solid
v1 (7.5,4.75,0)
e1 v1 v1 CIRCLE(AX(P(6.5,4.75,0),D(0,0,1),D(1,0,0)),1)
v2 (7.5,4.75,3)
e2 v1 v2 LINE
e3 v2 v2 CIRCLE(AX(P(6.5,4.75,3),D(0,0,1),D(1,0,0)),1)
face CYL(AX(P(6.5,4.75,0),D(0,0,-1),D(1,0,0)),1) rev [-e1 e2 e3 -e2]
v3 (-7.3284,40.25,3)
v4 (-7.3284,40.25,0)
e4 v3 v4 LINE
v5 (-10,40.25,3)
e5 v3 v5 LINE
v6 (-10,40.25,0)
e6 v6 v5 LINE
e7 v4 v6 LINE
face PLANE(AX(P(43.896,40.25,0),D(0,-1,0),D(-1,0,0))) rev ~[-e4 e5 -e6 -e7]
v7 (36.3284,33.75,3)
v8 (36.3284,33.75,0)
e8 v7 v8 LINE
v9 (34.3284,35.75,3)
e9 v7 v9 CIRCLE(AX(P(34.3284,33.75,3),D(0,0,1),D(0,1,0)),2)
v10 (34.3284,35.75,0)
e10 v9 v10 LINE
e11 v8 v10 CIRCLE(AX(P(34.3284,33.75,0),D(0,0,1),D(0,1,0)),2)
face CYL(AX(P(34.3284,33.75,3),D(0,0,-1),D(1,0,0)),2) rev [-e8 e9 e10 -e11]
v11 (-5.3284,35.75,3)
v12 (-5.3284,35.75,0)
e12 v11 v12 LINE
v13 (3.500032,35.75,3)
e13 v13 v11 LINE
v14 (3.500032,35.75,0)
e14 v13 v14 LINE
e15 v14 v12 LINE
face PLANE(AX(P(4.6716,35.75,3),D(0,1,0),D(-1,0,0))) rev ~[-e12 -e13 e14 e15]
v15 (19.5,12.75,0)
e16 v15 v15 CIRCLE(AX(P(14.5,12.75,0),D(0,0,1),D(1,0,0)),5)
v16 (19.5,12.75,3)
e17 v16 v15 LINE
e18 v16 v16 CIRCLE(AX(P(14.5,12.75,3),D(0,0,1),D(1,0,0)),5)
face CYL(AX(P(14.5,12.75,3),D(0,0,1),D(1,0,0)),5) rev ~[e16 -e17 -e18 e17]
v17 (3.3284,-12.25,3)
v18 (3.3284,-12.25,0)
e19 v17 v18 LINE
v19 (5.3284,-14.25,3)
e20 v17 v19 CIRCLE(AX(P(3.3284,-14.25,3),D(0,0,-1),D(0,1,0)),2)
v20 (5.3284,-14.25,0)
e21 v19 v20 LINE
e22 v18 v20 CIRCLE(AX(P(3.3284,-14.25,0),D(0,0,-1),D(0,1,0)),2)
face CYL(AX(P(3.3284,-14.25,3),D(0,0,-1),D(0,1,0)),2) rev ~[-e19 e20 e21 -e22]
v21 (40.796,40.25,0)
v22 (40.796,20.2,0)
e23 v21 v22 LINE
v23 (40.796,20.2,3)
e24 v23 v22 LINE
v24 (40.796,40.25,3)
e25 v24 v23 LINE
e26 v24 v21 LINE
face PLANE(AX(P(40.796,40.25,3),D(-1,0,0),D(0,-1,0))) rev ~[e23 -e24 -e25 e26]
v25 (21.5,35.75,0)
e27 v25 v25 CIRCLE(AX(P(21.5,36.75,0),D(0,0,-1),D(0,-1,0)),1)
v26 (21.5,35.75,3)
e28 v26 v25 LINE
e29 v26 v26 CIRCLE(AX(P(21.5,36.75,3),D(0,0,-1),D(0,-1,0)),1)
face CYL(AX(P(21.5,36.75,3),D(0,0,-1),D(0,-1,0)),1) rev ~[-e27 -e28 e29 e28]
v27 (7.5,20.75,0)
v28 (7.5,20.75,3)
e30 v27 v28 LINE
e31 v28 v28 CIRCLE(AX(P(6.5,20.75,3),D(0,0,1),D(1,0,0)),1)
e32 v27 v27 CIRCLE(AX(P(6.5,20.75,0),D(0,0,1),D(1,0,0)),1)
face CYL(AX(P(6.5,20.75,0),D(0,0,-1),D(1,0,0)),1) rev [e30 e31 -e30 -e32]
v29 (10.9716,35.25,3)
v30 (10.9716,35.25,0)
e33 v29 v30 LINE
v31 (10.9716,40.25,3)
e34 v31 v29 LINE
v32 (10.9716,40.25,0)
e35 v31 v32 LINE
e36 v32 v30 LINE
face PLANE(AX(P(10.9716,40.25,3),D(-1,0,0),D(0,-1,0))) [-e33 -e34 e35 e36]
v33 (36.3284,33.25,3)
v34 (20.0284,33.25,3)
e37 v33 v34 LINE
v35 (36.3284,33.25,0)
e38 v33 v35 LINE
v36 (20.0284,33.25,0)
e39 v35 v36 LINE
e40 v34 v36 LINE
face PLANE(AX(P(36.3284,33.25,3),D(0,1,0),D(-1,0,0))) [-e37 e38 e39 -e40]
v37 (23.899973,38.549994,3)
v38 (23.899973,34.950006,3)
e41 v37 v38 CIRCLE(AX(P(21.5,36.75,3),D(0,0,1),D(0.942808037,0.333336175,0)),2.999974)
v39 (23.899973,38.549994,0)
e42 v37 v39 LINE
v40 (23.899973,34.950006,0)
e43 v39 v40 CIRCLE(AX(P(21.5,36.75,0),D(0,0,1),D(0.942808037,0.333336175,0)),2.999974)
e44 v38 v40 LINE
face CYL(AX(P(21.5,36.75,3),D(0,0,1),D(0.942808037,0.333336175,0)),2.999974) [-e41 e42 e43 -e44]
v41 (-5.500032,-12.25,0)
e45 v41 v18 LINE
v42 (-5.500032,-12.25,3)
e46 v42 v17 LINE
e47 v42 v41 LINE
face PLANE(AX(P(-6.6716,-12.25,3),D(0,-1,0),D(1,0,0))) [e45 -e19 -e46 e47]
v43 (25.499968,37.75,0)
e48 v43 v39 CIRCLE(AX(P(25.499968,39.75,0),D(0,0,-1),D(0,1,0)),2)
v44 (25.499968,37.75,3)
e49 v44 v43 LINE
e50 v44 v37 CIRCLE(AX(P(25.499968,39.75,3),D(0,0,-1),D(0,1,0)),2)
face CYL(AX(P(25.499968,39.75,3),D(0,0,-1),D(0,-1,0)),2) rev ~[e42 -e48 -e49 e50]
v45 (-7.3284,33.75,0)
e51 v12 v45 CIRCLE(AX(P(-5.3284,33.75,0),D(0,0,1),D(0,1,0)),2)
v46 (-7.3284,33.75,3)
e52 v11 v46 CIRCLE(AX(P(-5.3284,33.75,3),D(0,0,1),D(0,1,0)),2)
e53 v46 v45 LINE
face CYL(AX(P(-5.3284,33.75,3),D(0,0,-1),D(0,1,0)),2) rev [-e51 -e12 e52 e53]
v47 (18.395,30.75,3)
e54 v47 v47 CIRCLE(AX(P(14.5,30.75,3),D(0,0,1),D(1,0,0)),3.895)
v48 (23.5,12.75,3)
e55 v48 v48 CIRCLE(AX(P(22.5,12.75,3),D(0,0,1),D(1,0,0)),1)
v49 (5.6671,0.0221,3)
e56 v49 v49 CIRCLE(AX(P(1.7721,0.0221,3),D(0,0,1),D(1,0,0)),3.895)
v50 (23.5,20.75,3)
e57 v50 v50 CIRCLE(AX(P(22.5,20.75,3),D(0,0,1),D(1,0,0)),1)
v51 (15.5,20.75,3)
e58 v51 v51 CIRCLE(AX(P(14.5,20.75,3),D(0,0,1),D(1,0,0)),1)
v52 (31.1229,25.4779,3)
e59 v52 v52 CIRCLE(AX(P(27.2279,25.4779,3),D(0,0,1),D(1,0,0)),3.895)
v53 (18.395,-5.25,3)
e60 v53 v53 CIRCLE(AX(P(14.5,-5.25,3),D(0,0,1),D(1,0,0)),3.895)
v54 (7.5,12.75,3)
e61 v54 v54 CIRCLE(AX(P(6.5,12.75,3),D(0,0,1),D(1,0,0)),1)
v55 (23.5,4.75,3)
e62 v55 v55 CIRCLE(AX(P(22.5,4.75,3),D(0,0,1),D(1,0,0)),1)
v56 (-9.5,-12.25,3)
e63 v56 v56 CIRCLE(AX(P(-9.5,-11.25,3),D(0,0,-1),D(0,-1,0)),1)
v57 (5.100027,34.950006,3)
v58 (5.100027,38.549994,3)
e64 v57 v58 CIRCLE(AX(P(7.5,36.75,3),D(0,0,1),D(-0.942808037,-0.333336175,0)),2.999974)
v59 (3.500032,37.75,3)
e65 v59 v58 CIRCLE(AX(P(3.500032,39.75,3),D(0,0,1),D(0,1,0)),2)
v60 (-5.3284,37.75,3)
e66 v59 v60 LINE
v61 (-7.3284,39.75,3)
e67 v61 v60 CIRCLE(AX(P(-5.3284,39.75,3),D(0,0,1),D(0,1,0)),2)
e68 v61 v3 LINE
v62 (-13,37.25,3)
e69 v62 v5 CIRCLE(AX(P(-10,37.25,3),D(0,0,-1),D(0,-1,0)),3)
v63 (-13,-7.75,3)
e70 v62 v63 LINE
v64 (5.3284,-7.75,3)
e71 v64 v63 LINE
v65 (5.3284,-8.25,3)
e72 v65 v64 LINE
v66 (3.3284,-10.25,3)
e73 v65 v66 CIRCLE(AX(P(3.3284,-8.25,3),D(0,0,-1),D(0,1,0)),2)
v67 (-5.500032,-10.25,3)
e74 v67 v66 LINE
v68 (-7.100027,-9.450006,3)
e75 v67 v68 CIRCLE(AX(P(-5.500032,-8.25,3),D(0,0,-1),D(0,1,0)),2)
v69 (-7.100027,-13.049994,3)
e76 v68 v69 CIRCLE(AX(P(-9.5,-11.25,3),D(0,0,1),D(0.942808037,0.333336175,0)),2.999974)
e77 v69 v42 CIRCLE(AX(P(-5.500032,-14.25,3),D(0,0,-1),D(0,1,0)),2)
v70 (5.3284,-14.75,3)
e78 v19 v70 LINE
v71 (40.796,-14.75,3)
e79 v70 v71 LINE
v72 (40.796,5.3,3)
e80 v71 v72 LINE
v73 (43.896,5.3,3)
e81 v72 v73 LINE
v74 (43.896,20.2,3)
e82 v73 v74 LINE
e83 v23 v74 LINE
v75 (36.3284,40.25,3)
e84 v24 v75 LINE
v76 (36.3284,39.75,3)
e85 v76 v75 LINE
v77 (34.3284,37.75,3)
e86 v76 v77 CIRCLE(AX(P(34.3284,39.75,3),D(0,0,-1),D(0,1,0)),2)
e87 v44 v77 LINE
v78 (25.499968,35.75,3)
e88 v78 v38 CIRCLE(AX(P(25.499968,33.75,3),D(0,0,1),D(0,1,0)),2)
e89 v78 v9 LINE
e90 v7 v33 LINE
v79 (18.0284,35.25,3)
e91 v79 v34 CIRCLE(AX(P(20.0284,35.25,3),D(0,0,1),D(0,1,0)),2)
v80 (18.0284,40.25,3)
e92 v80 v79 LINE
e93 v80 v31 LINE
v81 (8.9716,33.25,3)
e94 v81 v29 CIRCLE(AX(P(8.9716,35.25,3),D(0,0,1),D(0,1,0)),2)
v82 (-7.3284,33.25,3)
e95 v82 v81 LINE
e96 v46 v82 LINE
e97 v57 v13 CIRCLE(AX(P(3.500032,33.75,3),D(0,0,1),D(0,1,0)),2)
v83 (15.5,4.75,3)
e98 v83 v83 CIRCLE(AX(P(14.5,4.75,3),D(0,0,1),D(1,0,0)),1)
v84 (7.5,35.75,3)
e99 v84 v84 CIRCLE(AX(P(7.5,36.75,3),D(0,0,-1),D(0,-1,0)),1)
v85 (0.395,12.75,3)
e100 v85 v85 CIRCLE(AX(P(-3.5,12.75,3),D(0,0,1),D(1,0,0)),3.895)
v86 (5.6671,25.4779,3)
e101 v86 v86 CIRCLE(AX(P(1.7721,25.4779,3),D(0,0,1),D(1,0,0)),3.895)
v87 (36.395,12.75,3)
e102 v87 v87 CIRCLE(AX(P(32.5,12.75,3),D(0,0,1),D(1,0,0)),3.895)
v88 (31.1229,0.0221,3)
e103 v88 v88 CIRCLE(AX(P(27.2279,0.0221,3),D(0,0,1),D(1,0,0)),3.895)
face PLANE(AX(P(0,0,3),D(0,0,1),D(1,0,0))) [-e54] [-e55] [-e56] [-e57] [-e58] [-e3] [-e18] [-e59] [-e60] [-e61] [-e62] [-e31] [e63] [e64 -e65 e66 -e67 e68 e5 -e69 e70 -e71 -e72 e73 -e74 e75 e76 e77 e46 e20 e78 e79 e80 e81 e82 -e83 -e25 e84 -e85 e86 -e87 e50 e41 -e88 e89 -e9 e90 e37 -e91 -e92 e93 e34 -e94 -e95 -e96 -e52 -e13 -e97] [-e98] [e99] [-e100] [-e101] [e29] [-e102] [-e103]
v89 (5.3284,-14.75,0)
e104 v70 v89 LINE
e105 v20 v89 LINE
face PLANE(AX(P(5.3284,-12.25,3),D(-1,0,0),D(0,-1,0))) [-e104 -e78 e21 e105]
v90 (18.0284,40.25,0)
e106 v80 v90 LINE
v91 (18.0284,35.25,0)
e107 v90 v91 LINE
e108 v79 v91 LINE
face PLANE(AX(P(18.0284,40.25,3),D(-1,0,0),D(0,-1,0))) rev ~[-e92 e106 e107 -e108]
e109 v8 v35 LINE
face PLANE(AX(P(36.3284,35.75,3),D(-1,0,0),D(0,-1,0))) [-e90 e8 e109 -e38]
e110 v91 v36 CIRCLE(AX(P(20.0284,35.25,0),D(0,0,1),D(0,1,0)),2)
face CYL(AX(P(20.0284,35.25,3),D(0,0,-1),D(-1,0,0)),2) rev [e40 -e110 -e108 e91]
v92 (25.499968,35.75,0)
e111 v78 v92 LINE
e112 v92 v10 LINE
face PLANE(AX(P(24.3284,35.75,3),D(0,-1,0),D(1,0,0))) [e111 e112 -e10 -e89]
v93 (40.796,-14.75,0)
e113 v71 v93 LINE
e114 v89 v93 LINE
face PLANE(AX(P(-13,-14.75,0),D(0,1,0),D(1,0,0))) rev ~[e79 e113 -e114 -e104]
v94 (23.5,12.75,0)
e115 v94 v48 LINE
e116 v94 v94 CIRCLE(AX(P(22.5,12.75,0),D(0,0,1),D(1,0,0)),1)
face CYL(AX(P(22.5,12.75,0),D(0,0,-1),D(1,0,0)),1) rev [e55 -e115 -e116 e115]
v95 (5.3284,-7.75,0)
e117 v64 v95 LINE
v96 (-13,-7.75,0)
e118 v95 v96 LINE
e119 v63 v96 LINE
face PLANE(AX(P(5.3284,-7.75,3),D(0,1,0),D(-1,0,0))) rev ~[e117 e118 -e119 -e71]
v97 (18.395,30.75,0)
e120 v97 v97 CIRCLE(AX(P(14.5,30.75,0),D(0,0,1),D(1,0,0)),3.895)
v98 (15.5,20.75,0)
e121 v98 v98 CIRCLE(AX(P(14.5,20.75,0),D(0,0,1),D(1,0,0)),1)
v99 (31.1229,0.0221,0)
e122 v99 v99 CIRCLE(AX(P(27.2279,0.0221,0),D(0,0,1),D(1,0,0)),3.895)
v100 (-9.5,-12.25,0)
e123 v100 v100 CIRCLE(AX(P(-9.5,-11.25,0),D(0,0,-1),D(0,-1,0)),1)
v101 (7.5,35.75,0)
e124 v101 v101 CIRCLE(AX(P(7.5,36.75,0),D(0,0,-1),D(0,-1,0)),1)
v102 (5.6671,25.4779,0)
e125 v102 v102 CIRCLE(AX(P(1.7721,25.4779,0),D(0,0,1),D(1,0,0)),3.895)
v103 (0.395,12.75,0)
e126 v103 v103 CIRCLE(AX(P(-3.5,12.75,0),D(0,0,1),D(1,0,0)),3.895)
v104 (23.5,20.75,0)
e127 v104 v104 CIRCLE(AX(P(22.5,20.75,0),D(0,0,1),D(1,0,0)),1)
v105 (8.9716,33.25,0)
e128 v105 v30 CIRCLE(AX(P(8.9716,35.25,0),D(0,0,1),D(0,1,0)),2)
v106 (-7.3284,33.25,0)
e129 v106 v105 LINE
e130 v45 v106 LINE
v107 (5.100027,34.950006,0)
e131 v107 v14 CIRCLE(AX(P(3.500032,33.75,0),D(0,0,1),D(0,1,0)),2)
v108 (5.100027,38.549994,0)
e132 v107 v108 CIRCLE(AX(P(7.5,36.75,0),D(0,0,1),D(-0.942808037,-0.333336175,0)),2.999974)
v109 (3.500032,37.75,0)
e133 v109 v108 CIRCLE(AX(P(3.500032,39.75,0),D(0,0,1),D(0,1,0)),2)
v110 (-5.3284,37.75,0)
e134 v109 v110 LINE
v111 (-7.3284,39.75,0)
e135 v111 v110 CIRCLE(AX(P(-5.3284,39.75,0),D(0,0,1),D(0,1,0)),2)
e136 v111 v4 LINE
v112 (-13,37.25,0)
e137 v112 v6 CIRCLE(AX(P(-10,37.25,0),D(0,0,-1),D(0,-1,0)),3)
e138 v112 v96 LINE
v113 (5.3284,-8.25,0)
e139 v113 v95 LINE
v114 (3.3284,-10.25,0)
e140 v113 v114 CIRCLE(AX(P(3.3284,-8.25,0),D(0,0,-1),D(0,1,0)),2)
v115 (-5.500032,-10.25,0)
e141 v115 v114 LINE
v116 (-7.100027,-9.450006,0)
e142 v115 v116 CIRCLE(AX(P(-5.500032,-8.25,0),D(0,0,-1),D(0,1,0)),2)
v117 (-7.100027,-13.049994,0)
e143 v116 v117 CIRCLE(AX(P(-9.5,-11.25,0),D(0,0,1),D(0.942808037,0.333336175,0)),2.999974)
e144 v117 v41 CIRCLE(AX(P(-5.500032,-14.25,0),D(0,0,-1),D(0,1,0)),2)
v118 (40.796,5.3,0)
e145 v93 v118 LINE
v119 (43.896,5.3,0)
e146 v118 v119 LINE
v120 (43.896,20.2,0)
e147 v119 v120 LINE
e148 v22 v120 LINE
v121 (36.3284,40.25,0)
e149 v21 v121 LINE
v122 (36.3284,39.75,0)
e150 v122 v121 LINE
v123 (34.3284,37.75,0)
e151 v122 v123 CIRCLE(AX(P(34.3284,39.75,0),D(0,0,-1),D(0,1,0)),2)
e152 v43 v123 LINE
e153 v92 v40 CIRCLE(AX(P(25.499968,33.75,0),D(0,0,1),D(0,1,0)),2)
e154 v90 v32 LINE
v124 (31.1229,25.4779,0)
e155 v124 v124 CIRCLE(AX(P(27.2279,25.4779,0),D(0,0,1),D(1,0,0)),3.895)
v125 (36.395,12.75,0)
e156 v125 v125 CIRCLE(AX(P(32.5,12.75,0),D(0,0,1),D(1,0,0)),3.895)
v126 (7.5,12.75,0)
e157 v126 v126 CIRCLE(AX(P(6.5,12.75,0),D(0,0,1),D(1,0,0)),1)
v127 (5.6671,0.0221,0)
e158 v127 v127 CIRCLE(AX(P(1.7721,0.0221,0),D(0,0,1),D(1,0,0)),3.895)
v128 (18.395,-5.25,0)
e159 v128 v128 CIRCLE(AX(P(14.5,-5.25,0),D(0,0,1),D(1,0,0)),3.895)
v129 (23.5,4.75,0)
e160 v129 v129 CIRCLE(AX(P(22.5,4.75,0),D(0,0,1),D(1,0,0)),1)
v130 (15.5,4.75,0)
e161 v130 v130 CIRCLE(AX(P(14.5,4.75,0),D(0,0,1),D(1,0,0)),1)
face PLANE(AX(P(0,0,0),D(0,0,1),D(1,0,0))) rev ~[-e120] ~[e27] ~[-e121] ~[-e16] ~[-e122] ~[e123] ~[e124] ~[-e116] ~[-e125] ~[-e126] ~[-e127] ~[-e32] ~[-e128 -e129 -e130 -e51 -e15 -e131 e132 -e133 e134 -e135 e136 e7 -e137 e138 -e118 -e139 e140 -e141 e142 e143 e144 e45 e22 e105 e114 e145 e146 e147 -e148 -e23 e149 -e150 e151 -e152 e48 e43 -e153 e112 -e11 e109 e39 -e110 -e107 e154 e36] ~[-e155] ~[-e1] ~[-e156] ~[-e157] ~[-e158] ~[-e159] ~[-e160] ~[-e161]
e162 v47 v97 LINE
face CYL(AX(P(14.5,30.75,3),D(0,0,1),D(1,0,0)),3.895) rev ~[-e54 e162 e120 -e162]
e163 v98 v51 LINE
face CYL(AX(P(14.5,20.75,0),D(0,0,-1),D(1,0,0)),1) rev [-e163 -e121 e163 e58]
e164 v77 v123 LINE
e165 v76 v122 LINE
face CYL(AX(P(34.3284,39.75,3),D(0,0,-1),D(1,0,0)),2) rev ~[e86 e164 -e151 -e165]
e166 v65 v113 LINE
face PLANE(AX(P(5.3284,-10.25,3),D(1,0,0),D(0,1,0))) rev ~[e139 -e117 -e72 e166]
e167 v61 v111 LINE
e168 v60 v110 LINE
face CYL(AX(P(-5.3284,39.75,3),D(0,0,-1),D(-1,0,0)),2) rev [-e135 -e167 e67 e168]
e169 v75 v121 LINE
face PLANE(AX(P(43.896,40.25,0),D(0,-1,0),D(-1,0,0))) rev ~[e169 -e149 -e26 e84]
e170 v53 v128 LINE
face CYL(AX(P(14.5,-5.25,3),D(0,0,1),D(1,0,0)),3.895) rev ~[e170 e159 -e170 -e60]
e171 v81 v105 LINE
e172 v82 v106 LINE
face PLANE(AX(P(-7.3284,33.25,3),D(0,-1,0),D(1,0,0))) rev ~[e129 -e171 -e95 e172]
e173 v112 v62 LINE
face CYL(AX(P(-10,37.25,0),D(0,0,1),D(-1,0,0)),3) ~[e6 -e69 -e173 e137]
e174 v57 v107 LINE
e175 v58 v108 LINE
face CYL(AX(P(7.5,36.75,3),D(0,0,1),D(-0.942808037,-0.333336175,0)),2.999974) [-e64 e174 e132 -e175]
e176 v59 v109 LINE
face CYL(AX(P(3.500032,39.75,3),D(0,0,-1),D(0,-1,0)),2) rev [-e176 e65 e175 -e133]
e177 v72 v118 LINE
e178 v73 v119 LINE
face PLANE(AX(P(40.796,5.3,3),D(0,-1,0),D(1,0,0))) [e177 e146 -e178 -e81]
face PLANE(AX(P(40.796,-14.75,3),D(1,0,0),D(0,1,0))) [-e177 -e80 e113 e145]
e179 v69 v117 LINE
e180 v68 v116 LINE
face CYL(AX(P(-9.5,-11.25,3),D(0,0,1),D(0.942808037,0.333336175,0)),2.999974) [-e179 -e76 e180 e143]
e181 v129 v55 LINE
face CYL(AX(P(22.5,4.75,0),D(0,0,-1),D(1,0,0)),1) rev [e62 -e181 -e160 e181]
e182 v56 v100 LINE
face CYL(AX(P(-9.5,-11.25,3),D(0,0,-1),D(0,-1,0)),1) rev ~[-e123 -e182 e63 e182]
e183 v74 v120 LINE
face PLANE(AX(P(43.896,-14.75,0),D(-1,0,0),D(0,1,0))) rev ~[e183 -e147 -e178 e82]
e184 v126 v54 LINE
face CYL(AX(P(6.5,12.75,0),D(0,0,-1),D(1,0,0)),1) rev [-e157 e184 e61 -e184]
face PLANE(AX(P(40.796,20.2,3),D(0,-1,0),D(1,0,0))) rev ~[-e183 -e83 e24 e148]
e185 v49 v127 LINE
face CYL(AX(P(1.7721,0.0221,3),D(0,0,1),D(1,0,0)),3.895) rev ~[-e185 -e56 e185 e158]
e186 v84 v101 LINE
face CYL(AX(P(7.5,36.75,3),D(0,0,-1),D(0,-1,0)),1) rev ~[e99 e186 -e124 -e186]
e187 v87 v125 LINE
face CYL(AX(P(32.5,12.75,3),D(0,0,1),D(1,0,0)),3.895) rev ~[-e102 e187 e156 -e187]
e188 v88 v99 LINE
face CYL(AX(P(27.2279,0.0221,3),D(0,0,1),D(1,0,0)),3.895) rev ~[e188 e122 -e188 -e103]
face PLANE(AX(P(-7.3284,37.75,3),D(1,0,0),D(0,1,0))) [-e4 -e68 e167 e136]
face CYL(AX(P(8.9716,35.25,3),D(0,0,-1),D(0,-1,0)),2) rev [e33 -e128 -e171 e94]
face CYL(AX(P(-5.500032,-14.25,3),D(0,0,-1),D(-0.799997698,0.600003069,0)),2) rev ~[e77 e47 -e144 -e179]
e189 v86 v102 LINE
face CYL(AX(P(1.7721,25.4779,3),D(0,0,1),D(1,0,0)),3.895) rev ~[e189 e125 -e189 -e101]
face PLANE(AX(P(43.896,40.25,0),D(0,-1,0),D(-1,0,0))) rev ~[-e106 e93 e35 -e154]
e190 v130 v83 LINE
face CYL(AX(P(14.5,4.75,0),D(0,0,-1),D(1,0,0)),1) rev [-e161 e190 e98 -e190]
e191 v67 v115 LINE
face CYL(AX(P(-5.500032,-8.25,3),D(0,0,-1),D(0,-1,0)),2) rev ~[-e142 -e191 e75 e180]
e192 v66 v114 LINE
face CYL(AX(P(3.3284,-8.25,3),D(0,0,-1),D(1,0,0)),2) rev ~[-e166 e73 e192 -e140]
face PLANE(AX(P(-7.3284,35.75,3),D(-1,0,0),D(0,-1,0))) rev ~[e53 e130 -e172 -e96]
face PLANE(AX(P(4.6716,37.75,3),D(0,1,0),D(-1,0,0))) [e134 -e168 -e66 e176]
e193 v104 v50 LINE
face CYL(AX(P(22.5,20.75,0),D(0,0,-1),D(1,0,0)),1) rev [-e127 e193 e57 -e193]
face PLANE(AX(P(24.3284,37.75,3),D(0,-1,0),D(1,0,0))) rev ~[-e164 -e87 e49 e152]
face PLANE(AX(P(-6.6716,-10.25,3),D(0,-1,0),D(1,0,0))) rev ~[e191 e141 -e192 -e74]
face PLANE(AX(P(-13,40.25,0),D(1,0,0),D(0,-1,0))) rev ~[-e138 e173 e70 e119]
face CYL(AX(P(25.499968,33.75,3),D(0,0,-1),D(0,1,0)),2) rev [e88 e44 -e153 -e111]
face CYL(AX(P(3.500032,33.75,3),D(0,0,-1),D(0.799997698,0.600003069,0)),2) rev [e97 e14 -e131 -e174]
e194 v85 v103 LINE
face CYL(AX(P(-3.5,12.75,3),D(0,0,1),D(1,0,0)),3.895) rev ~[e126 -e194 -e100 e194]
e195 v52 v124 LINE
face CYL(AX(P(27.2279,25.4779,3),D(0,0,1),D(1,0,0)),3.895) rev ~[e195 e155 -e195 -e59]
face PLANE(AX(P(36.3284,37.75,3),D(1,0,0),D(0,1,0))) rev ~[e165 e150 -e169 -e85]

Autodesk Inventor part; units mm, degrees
ref_plane "YZ Plane" through (0, 0, 0) normal (1, 0, 0) x (0, 1, 0)
ref_plane "XZ Plane" through (0, 0, 0) normal (0, 1, 0) x (-1, 0, 0)
ref_plane "XY Plane" through (0, 0, 0) normal (0, 0, 1) x (1, 0, 0)
ref_plane "Work Plane1" through (0, 0, 0) normal (0, 0, 1) x (1, 0, 0)
sketch "Sketch1" plane through (0, 0, 0) normal (0, 0, 1) x (1, 0, 0)
  circle A0 centre (6.5, 20.75) radius 1
  circle A1 centre (6.5, 4.75) radius 1
  circle A2 centre (22.5, 20.75) radius 1
  circle A3 centre (22.5, 4.75) radius 1
  line L0 (-13, -14.75) -> (43.896, -14.75)
  line L1 (43.896, -14.75) -> (43.896, 40.25)
  line L2 (43.896, 40.25) -> (-13, 40.25)
  line L3 (-13, 40.25) -> (-13, -14.75)
  circle A4 centre (22.5, 12.75) radius 1 projected
  circle A5 centre (14.5, 20.75) radius 1 projected
  circle A6 centre (14.5, 4.75) radius 1 projected
  circle A7 centre (6.5, 12.75) radius 1 projected
  point P0 (0, 0)
  point P1 (14.5, 12.75)
  dimension "d1" = 55
  dimension "d100" = 29.396
  dimension "d101" = 27.5
  dimension "d104" = 2
  dimension "d105" = 2
  dimension "d106" = 2
  dimension "d107" = 2
extrude "Extrusion3" add sketch "Sketch1" along normal blind 3
sketch "Sketch4" plane through (0, 0, 3) normal (0, 0, 1) x (1, 0, 0)
  line L0 (42, 40.25) -> (-13, 40.25) construction
  line L1 (14.5, 40.25) -> (14.5, 12.75) construction
  line L2 (-13, -14.75) -> (42, -14.75) construction
  line L3 (-13, 40.25) -> (-13, -14.75) construction
  line L4 (-13, 12.75) -> (14.5, 12.75) construction
  circle A0 centre (14.5, 30.75) radius 3.895
  circle A1 centre (1.7721, 25.4779) radius 3.895
  circle A2 centre (-3.5, 12.75) radius 3.895
  circle A3 centre (1.7721, 0.0221) radius 3.895
  circle A4 centre (14.5, -5.25) radius 3.895
  circle A5 centre (27.2279, 0.0221) radius 3.895
  circle A6 centre (32.5, 12.75) radius 3.895
  circle A7 centre (27.2279, 25.4779) radius 3.895
  arc A8 (4.6716, 35.75) -> (4.6716, 37.75) centre (7.5, 36.75) ccw
  line L5 (42, 40.25) -> (-13, 40.25)
  line L6 (7.5, 36.75) -> (-13, 36.75) construction
  line L7 (4.6716, 37.75) -> (-7.3284, 37.75)
  line L8 (4.6716, 35.75) -> (-7.3284, 35.75)
  line L9 (-7.3284, 37.75) -> (-7.3284, 40.25)
  line L10 (10.9716, 40.25) -> (-7.3284, 40.25)
  line L11 (-7.3284, 35.75) -> (-7.3284, 33.25)
  line L12 (-7.3284, 33.25) -> (10.9716, 33.25)
  line L13 (10.9716, 40.25) -> (10.9716, 33.25)
  arc A9 (24.3284, 37.75) -> (24.3284, 35.75) centre (21.5, 36.75) ccw
  line L14 (24.3284, 37.75) -> (36.3284, 37.75)
  line L15 (24.3284, 35.75) -> (36.3284, 35.75)
  line L16 (36.3284, 37.75) -> (36.3284, 40.25)
  line L17 (18.0284, 40.25) -> (36.3284, 40.25)
  line L18 (36.3284, 35.75) -> (36.3284, 33.25)
  line L19 (36.3284, 33.25) -> (18.0284, 33.25)
  line L20 (18.0284, 40.25) -> (18.0284, 33.25)
  arc A10 (-6.6716, -10.25) -> (-6.6716, -12.25) centre (-9.5, -11.25) ccw
  line L21 (-9.5, -11.25) -> (8.4531, -11.25) construction
  line L22 (-6.6716, -10.25) -> (5.3284, -10.25)
  line L23 (-6.6716, -12.25) -> (5.3284, -12.25)
  line L24 (5.3284, -12.25) -> (5.3284, -14.75)
  line L25 (5.3284, -10.25) -> (5.3284, -7.75)
  line L26 (5.3284, -7.75) -> (-13, -7.75)
  line L27 (-13, -14.75) -> (-13, -7.75)
  line L28 (-13, -14.75) -> (5.3284, -14.75)
  circle A11 centre (14.5, 12.75) radius 5
  point P0 (0, 0)
  dimension "d24" = 7.79
  dimension "d25" = 18
  dimension "d28" = 360
  dimension "d63" = 6
  dimension "d64" = 7
  dimension "d65" = 12
  dimension "d66" = 18.3
  dimension "d67" = 2.5
  dimension "d68" = 3.5
  dimension "d71" = 1
  dimension "d74" = 6
  dimension "d75" = 3.5
  dimension "d76" = 3.5
  dimension "d77" = 12
  dimension "d78" = 1
  dimension "d79" = 2.5
  dimension "d102" = 10
extrude "Extrusion2" cut sketch "Sketch4" against normal through all
hole "Hole4" at (7.5, 36.75, 3) at (21.5, 36.75, 3) at (-9.5, -11.25, 3) direction (0, 0, -1) diameter 2 end through all
fillet "Fillet3" radius 2 14 edges at (-7.3284, 35.75, 1.5) (-7.3284, 37.75, 1.5) (4.6716, 37.75, 1.5) (4.6716, 35.75, 1.5) (10.9716, 33.25, 1.5) (24.3284, 37.75, 1.5) (24.3284, 35.75, 1.5) (36.3284, 37.75, 1.5) (36.3284, 35.75, 1.5) (18.0284, 33.25, 1.5) (5.3284, -10.25, 1.5) (5.3284, -12.25, 1.5) (-6.6716, -10.25, 1.5) (-6.6716, -12.25, 1.5)
sketch "Sketch6" plane through (0, 0, 3) normal (0, 0, 1) x (1, 0, 0)
  line L0 (43.896, 40.25) -> (36.3284, 40.25) projected
  line L1 (43.896, 40.25) -> (40.796, 40.25)
  line L2 (40.796, 40.25) -> (40.796, 20.2)
  line L3 (40.796, 20.2) -> (43.896, 20.2)
  line L4 (43.896, 20.2) -> (43.896, 40.25)
  line L5 (43.896, -14.75) -> (43.896, 40.25) construction
  line L6 (43.896, 12.75) -> (-13, 12.75) construction
  line L7 (-13, 40.25) -> (-13, -7.75) construction
  line L8 (43.896, -14.75) -> (40.796, -14.75)
  line L9 (40.796, -14.75) -> (40.796, 5.3)
  line L10 (40.796, 5.3) -> (43.896, 5.3)
  line L11 (43.896, 5.3) -> (43.896, -14.75)
  point P0 (0, 0)
  dimension "d96" = 3.1
  dimension "d97" = 20.05
extrude "Extrusion4" cut sketch "Sketch6" against normal through all
fillet "Fillet4" radius 3 1 edges at (-13, 40.25, 1.5)
equation "\"d38\" = d24"
properties part number "SideB"
